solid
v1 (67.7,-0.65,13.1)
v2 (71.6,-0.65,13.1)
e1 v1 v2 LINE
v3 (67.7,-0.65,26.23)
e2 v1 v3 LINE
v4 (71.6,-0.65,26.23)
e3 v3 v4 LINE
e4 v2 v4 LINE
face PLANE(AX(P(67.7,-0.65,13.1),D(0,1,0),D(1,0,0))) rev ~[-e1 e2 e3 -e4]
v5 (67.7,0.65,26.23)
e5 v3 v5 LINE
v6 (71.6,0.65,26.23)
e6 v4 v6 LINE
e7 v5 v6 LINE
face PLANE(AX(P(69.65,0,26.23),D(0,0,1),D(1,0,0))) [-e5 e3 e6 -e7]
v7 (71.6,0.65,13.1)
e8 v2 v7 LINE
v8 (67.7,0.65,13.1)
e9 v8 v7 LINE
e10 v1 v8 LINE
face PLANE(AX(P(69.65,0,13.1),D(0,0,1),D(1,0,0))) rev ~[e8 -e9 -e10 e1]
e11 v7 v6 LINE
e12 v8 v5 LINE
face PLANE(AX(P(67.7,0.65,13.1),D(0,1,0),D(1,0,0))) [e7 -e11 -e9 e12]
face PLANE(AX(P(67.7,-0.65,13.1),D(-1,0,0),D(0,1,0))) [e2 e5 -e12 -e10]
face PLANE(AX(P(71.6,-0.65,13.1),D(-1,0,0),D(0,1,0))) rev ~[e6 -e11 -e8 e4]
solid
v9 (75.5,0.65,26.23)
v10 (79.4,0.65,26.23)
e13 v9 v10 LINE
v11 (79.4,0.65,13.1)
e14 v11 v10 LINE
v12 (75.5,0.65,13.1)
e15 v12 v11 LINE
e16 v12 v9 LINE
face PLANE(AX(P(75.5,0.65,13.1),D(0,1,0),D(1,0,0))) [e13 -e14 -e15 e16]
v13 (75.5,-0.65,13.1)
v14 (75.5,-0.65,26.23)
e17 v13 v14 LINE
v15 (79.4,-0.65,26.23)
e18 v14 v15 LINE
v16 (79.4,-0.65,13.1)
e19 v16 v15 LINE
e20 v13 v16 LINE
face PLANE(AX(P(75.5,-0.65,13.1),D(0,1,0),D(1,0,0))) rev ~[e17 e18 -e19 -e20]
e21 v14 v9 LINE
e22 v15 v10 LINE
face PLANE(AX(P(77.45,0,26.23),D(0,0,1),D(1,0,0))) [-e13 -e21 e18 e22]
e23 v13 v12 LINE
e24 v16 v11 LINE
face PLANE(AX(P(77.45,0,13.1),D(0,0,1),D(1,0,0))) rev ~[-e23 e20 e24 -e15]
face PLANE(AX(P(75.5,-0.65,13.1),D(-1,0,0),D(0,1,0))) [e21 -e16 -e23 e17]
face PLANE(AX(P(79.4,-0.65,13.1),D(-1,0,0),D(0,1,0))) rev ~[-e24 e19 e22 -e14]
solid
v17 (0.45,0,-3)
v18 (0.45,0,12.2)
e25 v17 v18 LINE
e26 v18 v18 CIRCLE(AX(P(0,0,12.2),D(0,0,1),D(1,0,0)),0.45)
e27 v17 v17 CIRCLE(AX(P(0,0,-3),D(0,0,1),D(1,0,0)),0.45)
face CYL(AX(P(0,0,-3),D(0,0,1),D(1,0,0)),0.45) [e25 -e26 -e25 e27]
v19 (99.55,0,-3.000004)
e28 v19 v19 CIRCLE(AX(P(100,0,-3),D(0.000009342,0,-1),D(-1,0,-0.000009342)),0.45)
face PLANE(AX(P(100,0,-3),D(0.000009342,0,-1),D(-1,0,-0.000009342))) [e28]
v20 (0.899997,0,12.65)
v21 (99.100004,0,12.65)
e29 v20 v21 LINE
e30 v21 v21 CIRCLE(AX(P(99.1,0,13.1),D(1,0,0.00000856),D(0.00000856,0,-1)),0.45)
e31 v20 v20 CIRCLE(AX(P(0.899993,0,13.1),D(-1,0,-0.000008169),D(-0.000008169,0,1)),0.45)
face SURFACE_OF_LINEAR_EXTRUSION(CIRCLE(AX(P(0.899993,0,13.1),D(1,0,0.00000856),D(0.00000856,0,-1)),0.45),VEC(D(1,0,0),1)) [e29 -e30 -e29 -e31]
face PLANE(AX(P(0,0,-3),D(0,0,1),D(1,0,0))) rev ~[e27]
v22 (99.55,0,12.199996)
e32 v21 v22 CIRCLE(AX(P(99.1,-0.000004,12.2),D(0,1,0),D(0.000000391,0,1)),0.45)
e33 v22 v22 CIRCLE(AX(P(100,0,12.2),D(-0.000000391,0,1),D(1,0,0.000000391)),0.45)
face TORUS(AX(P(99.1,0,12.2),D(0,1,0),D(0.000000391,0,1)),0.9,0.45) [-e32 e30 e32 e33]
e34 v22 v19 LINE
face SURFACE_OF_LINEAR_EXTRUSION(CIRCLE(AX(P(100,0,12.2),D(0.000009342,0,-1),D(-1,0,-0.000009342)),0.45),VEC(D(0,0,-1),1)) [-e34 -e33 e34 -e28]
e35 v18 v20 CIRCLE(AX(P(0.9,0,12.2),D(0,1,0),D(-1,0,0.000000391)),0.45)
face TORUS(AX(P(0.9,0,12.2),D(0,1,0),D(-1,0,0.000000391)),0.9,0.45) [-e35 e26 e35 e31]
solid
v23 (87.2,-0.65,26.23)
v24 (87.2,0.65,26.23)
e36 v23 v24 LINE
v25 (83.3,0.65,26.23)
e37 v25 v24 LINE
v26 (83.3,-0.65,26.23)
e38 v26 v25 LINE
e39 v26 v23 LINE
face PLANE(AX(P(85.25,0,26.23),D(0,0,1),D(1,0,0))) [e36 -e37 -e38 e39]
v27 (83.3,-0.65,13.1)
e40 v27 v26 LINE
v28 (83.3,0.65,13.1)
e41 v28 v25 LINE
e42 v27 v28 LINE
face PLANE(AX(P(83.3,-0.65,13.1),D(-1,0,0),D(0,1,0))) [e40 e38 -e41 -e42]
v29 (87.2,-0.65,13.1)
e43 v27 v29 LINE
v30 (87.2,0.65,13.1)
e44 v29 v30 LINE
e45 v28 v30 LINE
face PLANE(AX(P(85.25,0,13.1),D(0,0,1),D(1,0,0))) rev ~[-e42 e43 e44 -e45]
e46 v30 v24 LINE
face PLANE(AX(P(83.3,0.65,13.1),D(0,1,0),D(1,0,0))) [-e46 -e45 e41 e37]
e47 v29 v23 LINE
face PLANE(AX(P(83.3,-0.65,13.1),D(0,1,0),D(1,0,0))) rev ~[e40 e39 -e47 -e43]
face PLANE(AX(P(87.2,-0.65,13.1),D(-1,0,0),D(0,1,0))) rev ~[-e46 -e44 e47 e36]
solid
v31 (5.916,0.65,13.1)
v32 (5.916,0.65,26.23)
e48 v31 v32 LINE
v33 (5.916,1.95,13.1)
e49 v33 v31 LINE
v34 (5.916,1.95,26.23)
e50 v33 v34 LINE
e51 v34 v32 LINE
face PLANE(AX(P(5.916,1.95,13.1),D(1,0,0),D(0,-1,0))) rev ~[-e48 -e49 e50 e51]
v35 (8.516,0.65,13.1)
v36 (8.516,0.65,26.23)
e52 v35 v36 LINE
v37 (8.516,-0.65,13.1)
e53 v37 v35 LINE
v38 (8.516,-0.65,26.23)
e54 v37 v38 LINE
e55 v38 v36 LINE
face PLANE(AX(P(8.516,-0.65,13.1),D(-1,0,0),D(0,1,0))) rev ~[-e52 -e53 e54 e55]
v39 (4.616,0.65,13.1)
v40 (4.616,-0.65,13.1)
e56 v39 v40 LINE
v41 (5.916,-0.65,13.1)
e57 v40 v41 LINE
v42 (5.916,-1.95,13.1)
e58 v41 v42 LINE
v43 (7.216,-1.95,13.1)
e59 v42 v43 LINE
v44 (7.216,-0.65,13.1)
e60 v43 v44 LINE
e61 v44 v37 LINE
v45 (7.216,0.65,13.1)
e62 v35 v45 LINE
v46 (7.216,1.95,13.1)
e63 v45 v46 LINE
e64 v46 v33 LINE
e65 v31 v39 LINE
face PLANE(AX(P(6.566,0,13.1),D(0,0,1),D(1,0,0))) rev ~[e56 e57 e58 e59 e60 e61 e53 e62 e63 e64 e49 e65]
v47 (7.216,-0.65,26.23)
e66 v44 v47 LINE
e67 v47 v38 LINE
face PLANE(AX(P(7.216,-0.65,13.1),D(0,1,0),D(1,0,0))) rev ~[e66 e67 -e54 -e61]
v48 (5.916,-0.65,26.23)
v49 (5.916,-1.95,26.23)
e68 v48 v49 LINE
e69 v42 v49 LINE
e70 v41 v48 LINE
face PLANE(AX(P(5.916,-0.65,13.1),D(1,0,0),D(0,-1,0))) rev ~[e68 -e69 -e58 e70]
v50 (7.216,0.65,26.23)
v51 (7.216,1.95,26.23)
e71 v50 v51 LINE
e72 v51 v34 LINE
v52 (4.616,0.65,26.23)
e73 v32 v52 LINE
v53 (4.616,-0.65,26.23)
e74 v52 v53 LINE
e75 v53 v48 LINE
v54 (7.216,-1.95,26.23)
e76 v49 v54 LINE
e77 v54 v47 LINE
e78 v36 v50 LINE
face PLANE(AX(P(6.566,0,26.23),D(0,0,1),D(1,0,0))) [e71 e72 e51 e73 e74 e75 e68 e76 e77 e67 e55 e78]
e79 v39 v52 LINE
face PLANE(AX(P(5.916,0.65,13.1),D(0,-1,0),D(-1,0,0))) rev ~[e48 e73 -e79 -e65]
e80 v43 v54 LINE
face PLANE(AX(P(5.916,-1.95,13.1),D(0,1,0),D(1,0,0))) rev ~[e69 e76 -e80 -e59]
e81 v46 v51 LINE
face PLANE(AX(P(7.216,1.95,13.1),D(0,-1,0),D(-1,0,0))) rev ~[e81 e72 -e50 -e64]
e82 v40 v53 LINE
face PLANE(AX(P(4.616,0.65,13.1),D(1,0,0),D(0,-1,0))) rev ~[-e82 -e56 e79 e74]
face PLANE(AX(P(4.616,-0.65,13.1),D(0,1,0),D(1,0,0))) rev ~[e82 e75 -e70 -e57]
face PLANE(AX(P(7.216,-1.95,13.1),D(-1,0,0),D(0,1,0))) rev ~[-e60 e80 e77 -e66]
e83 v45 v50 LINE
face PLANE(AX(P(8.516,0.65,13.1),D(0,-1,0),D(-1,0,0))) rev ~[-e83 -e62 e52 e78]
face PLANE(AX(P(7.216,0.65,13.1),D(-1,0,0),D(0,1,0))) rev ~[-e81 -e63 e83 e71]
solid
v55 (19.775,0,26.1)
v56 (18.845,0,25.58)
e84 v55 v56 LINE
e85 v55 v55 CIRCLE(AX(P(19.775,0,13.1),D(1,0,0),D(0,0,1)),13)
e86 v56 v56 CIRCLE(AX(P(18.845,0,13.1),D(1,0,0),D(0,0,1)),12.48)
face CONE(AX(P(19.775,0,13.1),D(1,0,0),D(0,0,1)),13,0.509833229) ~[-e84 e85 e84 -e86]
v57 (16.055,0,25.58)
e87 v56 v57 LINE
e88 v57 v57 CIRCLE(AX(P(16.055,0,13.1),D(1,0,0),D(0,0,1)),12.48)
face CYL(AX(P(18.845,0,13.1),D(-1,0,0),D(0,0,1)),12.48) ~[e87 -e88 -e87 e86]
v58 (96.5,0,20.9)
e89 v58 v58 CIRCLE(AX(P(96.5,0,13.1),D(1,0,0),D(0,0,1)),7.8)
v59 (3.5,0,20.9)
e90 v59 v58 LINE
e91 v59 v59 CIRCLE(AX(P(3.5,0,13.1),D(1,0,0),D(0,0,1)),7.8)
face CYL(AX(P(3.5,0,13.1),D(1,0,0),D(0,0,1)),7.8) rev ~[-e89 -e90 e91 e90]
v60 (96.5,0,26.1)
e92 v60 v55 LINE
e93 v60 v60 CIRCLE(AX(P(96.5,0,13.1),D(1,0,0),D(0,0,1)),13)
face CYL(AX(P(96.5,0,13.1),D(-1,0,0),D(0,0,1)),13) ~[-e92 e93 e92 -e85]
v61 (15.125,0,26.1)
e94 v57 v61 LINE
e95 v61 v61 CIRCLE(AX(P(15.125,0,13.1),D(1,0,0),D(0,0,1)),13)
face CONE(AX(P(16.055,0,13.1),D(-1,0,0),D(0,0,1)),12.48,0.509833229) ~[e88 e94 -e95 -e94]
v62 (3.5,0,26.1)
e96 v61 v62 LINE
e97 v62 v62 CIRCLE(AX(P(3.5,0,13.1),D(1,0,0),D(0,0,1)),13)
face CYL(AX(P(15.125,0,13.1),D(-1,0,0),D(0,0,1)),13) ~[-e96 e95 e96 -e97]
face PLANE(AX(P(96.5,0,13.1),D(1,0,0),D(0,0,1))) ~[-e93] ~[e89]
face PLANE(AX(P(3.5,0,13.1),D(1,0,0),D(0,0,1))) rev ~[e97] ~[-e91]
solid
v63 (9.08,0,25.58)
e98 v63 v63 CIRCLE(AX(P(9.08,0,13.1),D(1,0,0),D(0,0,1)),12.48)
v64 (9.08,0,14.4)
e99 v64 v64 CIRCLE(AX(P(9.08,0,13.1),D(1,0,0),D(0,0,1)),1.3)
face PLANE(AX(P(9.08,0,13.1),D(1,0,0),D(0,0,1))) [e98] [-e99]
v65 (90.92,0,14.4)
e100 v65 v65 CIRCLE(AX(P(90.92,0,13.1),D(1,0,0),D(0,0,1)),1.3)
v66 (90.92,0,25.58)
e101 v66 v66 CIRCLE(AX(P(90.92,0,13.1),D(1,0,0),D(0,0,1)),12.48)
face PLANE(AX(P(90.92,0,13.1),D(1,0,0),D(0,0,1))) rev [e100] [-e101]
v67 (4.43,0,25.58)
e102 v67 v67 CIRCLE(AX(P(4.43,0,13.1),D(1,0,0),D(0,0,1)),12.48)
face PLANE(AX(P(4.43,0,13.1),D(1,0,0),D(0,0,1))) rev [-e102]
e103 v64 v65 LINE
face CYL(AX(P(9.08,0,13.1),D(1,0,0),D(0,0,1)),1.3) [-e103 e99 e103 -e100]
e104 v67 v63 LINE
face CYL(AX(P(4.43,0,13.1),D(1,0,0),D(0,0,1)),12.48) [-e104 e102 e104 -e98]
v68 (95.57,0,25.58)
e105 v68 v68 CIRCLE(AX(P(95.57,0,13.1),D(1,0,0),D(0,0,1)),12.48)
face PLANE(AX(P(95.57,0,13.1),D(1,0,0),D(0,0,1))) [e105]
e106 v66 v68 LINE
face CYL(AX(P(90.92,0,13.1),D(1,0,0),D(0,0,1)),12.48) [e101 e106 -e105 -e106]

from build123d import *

# Parameters (mm, degrees)
SKETCH_R    = 0.45
SKETCH004_W = 3.9
SKETCH004_H = 1.3
PAD_DEPTH   = 13.13


with BuildPart() as sweep_body:
    # Sweep: sweep along a path in Sketch001
    with BuildLine(Plane.XZ) as sweep_path:
        Line((0, -3), (0, 12.2))
        ThreePointArc((0, 12.2), (0.263601, 12.836393), (0.899993, 13.1))
        Line((0.899993, 13.1), (99.1, 13.1))
        ThreePointArc((99.1, 13.1), (99.736396, 12.836396), (100, 12.2))
        Line((100, 12.2), (100, -3))
    # Sketch → Sweep (sweep)
    with BuildSketch(Plane.XY.offset(-2)):
        Circle(SKETCH_R)
    sweep(path=sweep_path.line)


with BuildPart() as revolution:
    # Sketch002 → Revolution (revolve)
    with BuildSketch(Plane.XZ):
        Polygon((3.5, 26.1), (3.5, 20.9), (96.5, 20.9), (96.5, 26.1), (19.775, 26.1), (18.845, 25.58), (16.055, 25.58), (15.125, 26.1), align=None)
    revolve(axis=Axis((6.97588, 0, 13.1), (1, 0, 0)))


with BuildPart() as revolution001:
    # Sketch003 → Revolution001 (revolve)
    with BuildSketch(Plane.XZ):
        Polygon((4.43, 25.58), (9.08, 25.58), (9.08, 14.4), (90.92, 14.4), (90.92, 25.58), (95.57, 25.58), (95.57, 13.1), (4.43, 13.1), align=None)
    revolve(axis=Axis((6.97588, 0, 13.1), (1, 0, 0)))


with BuildPart() as pad:
    # Sketch004 → Pad (new body)
    with BuildSketch(Plane.XY.offset(13.1)):
        with Locations((85.25, 0)):
            Rectangle(SKETCH004_W, SKETCH004_H)
        with Locations((77.45, 0)):
            Rectangle(SKETCH004_W, SKETCH004_H)
        with Locations((69.65, 0)):
            Rectangle(SKETCH004_W, SKETCH004_H)
        Polygon((5.916, 0.65), (4.616, 0.65), (4.616, -0.65), (5.916, -0.65), (5.916, -1.95), (7.216, -1.95), (7.216, -0.65), (8.516, -0.65), (8.516, 0.65), (7.216, 0.65), (7.216, 1.95), (5.916, 1.95), align=None)
    extrude(amount=PAD_DEPTH)


solid = Compound([sweep_body.part, revolution.part, revolution001.part, pad.part])
